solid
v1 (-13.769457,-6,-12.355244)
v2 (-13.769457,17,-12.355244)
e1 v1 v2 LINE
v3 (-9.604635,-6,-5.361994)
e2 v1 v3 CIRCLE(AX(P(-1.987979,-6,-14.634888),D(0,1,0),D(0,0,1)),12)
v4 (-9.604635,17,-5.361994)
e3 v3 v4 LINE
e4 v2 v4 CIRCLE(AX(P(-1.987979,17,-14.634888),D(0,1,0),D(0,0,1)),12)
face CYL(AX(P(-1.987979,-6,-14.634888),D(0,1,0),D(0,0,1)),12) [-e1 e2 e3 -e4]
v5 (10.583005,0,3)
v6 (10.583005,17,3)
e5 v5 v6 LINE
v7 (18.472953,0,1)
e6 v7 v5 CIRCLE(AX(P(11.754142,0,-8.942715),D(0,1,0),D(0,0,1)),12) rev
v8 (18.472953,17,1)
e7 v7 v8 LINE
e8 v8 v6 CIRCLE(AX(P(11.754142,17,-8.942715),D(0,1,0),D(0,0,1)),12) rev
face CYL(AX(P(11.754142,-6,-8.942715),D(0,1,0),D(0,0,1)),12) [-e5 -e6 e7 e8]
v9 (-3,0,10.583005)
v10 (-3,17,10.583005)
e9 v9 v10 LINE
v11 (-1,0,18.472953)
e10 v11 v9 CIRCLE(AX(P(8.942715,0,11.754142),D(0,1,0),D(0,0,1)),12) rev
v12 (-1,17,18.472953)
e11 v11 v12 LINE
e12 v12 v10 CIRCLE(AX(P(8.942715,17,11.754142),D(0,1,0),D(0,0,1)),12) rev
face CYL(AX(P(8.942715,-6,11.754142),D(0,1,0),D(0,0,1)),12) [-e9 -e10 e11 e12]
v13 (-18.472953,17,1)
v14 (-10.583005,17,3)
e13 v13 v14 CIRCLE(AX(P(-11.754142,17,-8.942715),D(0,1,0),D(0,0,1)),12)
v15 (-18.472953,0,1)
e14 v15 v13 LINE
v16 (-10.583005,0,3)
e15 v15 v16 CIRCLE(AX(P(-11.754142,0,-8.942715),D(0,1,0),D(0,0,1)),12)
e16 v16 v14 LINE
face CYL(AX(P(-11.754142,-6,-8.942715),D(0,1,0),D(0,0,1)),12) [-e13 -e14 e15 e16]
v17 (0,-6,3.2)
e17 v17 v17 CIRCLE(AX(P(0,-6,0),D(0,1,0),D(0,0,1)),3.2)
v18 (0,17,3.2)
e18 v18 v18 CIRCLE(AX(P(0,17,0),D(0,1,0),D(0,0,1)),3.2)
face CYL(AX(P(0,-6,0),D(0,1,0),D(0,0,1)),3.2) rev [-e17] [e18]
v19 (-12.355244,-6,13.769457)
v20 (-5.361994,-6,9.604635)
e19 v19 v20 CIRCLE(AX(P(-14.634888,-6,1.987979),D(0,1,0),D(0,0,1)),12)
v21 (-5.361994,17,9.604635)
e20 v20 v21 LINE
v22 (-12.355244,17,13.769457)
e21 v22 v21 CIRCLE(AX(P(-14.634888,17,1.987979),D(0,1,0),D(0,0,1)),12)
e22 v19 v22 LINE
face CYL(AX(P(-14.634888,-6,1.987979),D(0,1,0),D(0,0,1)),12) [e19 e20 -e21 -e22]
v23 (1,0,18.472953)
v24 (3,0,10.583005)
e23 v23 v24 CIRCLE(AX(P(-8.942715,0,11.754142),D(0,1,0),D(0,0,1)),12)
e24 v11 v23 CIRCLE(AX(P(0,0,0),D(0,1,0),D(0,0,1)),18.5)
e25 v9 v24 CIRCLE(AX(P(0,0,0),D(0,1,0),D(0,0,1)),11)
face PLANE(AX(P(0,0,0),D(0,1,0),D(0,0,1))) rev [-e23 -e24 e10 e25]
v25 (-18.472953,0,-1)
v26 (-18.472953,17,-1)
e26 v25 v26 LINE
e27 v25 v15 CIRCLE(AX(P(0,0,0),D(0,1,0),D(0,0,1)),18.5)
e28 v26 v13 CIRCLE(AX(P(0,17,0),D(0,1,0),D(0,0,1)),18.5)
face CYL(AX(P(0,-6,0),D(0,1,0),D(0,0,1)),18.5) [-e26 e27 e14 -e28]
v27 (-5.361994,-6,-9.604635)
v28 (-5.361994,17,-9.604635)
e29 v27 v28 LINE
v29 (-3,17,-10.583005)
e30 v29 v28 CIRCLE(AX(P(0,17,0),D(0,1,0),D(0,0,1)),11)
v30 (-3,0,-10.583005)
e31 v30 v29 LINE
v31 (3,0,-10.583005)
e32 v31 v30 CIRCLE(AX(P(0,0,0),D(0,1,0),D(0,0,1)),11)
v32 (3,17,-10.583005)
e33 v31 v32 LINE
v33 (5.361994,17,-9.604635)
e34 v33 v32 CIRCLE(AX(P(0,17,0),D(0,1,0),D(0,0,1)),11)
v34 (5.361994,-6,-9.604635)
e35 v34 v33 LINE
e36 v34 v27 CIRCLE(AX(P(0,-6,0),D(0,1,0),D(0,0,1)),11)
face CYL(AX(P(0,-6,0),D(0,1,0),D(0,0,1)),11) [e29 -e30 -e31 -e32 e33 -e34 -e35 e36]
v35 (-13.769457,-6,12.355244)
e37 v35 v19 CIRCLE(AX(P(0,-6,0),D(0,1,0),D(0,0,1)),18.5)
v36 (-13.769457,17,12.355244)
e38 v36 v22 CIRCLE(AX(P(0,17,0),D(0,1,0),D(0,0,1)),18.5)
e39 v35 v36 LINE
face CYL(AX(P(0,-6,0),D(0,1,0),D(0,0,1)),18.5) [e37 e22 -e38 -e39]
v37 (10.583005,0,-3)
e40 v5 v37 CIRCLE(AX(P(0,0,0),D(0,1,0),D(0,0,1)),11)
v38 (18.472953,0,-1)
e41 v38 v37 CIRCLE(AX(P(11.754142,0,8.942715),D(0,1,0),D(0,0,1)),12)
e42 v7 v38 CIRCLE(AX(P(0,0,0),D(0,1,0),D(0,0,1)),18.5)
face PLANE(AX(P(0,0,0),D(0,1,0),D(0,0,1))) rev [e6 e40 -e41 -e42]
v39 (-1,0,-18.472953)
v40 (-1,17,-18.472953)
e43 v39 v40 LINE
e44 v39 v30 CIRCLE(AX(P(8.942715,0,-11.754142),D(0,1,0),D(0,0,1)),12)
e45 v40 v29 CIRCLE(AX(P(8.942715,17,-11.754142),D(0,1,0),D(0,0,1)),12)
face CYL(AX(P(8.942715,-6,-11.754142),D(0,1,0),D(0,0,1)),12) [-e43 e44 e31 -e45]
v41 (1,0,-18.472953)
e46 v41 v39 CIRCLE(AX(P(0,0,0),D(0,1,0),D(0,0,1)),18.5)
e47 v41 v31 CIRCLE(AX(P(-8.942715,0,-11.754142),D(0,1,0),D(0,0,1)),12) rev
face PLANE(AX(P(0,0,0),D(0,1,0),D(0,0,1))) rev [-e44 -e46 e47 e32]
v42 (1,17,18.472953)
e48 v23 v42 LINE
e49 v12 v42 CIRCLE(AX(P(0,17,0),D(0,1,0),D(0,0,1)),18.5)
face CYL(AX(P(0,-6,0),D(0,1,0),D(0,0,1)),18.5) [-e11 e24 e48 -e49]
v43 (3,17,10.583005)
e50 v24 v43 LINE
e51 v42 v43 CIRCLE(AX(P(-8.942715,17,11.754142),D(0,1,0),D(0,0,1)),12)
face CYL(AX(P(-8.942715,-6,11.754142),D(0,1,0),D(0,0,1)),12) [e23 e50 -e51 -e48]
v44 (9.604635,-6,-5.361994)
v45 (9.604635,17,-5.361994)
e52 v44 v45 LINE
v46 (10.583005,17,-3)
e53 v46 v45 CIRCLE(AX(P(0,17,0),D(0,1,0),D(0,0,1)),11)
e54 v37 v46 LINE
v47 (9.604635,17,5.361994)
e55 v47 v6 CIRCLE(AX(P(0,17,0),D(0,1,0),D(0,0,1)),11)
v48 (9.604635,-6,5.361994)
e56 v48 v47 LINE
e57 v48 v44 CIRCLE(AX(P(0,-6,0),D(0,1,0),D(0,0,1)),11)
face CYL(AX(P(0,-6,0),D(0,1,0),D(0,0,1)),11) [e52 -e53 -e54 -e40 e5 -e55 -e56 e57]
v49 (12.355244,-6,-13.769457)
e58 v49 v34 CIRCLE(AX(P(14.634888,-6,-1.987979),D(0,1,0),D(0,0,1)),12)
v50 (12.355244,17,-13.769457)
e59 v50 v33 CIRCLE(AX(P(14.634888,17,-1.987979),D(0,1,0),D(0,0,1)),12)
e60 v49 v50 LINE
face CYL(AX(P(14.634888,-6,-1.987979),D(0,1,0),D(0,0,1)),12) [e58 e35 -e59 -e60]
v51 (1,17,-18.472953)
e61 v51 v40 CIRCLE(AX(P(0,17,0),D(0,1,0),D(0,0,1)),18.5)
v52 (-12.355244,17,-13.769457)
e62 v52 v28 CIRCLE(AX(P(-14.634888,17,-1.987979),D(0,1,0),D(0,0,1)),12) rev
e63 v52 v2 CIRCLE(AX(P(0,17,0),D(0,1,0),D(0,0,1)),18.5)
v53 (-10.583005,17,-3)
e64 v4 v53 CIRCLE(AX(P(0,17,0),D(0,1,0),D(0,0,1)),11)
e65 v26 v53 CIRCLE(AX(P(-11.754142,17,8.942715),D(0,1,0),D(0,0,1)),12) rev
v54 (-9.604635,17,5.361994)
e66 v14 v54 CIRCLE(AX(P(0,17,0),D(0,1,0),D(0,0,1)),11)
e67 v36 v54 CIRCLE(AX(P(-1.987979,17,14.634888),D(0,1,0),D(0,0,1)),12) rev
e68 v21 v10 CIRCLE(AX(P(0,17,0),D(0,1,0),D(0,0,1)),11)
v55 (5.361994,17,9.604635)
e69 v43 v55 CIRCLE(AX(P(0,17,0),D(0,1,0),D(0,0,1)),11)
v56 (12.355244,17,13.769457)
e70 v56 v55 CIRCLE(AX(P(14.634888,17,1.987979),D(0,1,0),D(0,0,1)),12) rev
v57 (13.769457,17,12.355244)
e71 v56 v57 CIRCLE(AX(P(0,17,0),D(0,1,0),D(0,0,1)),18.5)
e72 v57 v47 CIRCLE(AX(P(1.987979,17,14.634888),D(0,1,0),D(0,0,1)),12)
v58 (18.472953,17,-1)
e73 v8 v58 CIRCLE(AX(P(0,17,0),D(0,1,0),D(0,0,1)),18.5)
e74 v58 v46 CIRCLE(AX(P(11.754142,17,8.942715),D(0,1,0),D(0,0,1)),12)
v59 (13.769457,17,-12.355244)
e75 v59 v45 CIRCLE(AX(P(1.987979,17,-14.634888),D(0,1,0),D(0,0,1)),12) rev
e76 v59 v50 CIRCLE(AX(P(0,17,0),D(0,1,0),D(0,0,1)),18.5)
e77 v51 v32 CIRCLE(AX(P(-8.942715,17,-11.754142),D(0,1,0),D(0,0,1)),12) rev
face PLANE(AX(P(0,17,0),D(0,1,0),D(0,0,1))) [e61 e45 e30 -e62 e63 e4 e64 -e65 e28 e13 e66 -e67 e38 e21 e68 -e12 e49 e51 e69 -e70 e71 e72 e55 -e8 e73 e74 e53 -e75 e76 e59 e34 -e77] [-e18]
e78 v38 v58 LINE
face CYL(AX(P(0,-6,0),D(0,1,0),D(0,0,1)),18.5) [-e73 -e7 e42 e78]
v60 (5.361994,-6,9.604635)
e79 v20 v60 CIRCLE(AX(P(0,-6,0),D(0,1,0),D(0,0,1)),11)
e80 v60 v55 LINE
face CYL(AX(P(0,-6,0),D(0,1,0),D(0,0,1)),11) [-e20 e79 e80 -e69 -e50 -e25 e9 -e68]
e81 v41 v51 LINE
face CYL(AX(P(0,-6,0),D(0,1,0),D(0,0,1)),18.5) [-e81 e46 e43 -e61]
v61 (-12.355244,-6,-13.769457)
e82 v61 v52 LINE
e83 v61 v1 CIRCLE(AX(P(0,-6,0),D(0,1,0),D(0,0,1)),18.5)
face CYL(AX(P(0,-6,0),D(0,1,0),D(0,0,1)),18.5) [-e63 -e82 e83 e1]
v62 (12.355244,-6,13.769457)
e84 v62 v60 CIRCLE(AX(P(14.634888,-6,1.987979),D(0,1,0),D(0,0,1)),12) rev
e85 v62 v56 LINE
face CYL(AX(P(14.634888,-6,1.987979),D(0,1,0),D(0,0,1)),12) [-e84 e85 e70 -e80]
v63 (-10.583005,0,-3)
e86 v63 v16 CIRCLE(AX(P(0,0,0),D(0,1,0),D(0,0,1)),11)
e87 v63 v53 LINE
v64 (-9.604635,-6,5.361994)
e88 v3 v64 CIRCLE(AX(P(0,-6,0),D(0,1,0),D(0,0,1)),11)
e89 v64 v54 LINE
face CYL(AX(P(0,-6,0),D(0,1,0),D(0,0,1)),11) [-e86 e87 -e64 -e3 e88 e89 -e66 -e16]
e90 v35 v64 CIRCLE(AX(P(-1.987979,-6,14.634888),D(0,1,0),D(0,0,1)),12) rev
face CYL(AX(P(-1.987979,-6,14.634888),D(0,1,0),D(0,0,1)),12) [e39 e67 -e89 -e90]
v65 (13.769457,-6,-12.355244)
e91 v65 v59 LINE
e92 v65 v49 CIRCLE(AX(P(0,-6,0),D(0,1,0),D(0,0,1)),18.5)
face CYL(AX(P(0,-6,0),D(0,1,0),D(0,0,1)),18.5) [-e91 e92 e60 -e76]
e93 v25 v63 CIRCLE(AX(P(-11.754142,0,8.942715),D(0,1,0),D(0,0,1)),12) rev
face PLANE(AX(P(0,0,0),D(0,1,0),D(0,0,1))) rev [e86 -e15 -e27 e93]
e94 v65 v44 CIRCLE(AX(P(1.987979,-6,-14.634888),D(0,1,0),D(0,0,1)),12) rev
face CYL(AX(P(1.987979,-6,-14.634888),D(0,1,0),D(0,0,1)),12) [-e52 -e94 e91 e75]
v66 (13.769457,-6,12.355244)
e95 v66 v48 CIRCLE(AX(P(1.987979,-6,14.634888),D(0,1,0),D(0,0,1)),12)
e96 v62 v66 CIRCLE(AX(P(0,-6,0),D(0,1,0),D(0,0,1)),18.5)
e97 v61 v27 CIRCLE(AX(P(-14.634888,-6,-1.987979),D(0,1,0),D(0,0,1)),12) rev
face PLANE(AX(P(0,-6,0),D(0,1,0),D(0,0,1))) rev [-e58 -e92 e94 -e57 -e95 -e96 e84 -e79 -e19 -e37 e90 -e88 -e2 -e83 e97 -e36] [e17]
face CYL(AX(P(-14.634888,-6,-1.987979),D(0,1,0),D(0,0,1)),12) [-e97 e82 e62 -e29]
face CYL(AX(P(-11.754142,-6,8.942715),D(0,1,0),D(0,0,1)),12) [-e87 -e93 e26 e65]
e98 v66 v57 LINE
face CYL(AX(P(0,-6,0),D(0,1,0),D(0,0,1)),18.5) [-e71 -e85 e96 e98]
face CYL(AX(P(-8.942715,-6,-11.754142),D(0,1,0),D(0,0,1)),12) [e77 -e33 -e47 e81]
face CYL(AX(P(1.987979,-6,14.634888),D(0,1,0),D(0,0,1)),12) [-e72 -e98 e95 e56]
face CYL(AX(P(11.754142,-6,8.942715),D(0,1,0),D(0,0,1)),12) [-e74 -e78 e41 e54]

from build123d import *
from build123d.topology import SkipClean

# Parameters (mm, degrees)
BOSS_EXTRUDE1_DEPTH      = 17
BOSS_EXTRUDE1_DEPTH_BACK = 6
SKETCH1_R                = 3.2
CUT_EXTRUDE1_START       = -10
CUT_EXTRUDE1_DEPTH       = 10


with BuildPart() as part:
    # Sketch1 → Boss-Extrude1 (new, two sides: drawn at the far end of the back side and taken through both)
    with BuildSketch(Plane(origin=(0, 0, 0), x_dir=(1, 0, 0), z_dir=(0, 1, 0)).offset(-BOSS_EXTRUDE1_DEPTH_BACK)):
        with BuildLine():
            ThreePointArc((18.472953202, -1), (18.5, 0), (18.472953202, 1))
            ThreePointArc((18.472953202, 1), (14.702730308, 2.689388484), (10.583005244, 3))
            ThreePointArc((10.583005244, 3), (10.162674858, 4.209517756), (9.604635117, 5.36199443))
            ThreePointArc((9.604635117, 5.36199443), (12.298085137, 8.494715469), (13.769457259, 12.355243696))
            ThreePointArc((13.769457259, 12.355243696), (13.081475452, 13.081475452), (12.355243696, 13.769457259))
            ThreePointArc((12.355243696, 13.769457259), (8.494715469, 12.298085137), (5.36199443, 9.604635117))
            ThreePointArc((5.36199443, 9.604635117), (4.209517756, 10.162674858), (3, 10.583005244))
            ThreePointArc((3, 10.583005244), (2.689388484, 14.702730308), (1, 18.472953202))
            ThreePointArc((1, 18.472953202), (0, 18.5), (-1, 18.472953202))
            ThreePointArc((-1, 18.472953202), (-2.689388484, 14.702730308), (-3, 10.583005244))
            ThreePointArc((-3, 10.583005244), (-4.209517756, 10.162674858), (-5.36199443, 9.604635117))
            ThreePointArc((-5.36199443, 9.604635117), (-8.494715469, 12.298085137), (-12.355243696, 13.769457259))
            ThreePointArc((-12.355243696, 13.769457259), (-13.081475452, 13.081475452), (-13.769457259, 12.355243696))
            ThreePointArc((-13.769457259, 12.355243696), (-12.298085137, 8.494715469), (-9.604635117, 5.36199443))
            ThreePointArc((-9.604635117, 5.36199443), (-10.162674858, 4.209517756), (-10.583005244, 3))
            ThreePointArc((-10.583005244, 3), (-14.702730308, 2.689388484), (-18.472953202, 1))
            ThreePointArc((-18.472953202, 1), (-18.5, 0), (-18.472953202, -1))
            ThreePointArc((-18.472953202, -1), (-14.702730308, -2.689388484), (-10.583005244, -3))
            ThreePointArc((-10.583005244, -3), (-10.162674858, -4.209517756), (-9.604635117, -5.36199443))
            ThreePointArc((-9.604635117, -5.36199443), (-12.298085137, -8.494715469), (-13.769457259, -12.355243696))
            ThreePointArc((-13.769457259, -12.355243696), (-13.081475452, -13.081475452), (-12.355243696, -13.769457259))
            ThreePointArc((-12.355243696, -13.769457259), (-8.494715469, -12.298085137), (-5.36199443, -9.604635117))
            ThreePointArc((-5.36199443, -9.604635117), (-4.209517756, -10.162674858), (-3, -10.583005244))
            ThreePointArc((-3, -10.583005244), (-2.689388484, -14.702730308), (-1, -18.472953202))
            ThreePointArc((-1, -18.472953202), (0, -18.5), (1, -18.472953202))
            ThreePointArc((1, -18.472953202), (2.689388484, -14.702730308), (3, -10.583005244))
            ThreePointArc((3, -10.583005244), (4.209517756, -10.162674858), (5.36199443, -9.604635117))
            ThreePointArc((5.36199443, -9.604635117), (8.494715469, -12.298085137), (12.355243696, -13.769457259))
            ThreePointArc((12.355243696, -13.769457259), (13.081475452, -13.081475452), (13.769457259, -12.355243696))
            ThreePointArc((13.769457259, -12.355243696), (12.298085137, -8.494715469), (9.604635117, -5.36199443))
            ThreePointArc((9.604635117, -5.36199443), (10.162674858, -4.209517756), (10.583005244, -3))
            ThreePointArc((10.583005244, -3), (14.702730308, -2.689388484), (18.472953202, -1))
        make_face()
        Circle(SKETCH1_R, mode=Mode.SUBTRACT)
    extrude(amount=BOSS_EXTRUDE1_DEPTH + BOSS_EXTRUDE1_DEPTH_BACK)

    # Sketch1<7> → Cut-Extrude1 (cut)
    with SkipClean():  # the faces are left unmerged after this step: merging them gives an invalid solid
        with BuildSketch(Plane(origin=(0, 0, 0), x_dir=(1, 0, 0), z_dir=(0, 1, 0)).offset(CUT_EXTRUDE1_START)):
            with BuildLine():
                ThreePointArc((18.472953202, -1), (18.5, 0), (18.472953202, 1))
                ThreePointArc((18.472953202, 1), (14.702730308, 2.689388484), (10.583005244, 3))
                ThreePointArc((10.583005244, 3), (11, 0), (10.583005244, -3))
                ThreePointArc((10.583005244, -3), (14.702730308, -2.689388484), (18.472953202, -1))
            make_face()
            with BuildLine():
                ThreePointArc((3, 10.583005244), (2.689388484, 14.702730308), (1, 18.472953202))
                ThreePointArc((1, 18.472953202), (0, 18.5), (-1, 18.472953202))
                ThreePointArc((-1, 18.472953202), (-2.689388484, 14.702730308), (-3, 10.583005244))
                ThreePointArc((-3, 10.583005244), (0, 11), (3, 10.583005244))
            make_face()
            with BuildLine():
                ThreePointArc((-1, -18.472953202), (0, -18.5), (1, -18.472953202))
                ThreePointArc((1, -18.472953202), (2.689388484, -14.702730308), (3, -10.583005244))
                ThreePointArc((3, -10.583005244), (0, -11), (-3, -10.583005244))
                ThreePointArc((-3, -10.583005244), (-2.689388484, -14.702730308), (-1, -18.472953202))
            make_face()
            with BuildLine():
                ThreePointArc((-10.583005244, 3), (-14.702730308, 2.689388484), (-18.472953202, 1))
                ThreePointArc((-18.472953202, 1), (-18.5, 0), (-18.472953202, -1))
                ThreePointArc((-18.472953202, -1), (-14.702730308, -2.689388484), (-10.583005244, -3))
                ThreePointArc((-10.583005244, -3), (-11, 0), (-10.583005244, 3))
            make_face()
        extrude(amount=CUT_EXTRUDE1_DEPTH, mode=Mode.SUBTRACT)


solid = part.part
